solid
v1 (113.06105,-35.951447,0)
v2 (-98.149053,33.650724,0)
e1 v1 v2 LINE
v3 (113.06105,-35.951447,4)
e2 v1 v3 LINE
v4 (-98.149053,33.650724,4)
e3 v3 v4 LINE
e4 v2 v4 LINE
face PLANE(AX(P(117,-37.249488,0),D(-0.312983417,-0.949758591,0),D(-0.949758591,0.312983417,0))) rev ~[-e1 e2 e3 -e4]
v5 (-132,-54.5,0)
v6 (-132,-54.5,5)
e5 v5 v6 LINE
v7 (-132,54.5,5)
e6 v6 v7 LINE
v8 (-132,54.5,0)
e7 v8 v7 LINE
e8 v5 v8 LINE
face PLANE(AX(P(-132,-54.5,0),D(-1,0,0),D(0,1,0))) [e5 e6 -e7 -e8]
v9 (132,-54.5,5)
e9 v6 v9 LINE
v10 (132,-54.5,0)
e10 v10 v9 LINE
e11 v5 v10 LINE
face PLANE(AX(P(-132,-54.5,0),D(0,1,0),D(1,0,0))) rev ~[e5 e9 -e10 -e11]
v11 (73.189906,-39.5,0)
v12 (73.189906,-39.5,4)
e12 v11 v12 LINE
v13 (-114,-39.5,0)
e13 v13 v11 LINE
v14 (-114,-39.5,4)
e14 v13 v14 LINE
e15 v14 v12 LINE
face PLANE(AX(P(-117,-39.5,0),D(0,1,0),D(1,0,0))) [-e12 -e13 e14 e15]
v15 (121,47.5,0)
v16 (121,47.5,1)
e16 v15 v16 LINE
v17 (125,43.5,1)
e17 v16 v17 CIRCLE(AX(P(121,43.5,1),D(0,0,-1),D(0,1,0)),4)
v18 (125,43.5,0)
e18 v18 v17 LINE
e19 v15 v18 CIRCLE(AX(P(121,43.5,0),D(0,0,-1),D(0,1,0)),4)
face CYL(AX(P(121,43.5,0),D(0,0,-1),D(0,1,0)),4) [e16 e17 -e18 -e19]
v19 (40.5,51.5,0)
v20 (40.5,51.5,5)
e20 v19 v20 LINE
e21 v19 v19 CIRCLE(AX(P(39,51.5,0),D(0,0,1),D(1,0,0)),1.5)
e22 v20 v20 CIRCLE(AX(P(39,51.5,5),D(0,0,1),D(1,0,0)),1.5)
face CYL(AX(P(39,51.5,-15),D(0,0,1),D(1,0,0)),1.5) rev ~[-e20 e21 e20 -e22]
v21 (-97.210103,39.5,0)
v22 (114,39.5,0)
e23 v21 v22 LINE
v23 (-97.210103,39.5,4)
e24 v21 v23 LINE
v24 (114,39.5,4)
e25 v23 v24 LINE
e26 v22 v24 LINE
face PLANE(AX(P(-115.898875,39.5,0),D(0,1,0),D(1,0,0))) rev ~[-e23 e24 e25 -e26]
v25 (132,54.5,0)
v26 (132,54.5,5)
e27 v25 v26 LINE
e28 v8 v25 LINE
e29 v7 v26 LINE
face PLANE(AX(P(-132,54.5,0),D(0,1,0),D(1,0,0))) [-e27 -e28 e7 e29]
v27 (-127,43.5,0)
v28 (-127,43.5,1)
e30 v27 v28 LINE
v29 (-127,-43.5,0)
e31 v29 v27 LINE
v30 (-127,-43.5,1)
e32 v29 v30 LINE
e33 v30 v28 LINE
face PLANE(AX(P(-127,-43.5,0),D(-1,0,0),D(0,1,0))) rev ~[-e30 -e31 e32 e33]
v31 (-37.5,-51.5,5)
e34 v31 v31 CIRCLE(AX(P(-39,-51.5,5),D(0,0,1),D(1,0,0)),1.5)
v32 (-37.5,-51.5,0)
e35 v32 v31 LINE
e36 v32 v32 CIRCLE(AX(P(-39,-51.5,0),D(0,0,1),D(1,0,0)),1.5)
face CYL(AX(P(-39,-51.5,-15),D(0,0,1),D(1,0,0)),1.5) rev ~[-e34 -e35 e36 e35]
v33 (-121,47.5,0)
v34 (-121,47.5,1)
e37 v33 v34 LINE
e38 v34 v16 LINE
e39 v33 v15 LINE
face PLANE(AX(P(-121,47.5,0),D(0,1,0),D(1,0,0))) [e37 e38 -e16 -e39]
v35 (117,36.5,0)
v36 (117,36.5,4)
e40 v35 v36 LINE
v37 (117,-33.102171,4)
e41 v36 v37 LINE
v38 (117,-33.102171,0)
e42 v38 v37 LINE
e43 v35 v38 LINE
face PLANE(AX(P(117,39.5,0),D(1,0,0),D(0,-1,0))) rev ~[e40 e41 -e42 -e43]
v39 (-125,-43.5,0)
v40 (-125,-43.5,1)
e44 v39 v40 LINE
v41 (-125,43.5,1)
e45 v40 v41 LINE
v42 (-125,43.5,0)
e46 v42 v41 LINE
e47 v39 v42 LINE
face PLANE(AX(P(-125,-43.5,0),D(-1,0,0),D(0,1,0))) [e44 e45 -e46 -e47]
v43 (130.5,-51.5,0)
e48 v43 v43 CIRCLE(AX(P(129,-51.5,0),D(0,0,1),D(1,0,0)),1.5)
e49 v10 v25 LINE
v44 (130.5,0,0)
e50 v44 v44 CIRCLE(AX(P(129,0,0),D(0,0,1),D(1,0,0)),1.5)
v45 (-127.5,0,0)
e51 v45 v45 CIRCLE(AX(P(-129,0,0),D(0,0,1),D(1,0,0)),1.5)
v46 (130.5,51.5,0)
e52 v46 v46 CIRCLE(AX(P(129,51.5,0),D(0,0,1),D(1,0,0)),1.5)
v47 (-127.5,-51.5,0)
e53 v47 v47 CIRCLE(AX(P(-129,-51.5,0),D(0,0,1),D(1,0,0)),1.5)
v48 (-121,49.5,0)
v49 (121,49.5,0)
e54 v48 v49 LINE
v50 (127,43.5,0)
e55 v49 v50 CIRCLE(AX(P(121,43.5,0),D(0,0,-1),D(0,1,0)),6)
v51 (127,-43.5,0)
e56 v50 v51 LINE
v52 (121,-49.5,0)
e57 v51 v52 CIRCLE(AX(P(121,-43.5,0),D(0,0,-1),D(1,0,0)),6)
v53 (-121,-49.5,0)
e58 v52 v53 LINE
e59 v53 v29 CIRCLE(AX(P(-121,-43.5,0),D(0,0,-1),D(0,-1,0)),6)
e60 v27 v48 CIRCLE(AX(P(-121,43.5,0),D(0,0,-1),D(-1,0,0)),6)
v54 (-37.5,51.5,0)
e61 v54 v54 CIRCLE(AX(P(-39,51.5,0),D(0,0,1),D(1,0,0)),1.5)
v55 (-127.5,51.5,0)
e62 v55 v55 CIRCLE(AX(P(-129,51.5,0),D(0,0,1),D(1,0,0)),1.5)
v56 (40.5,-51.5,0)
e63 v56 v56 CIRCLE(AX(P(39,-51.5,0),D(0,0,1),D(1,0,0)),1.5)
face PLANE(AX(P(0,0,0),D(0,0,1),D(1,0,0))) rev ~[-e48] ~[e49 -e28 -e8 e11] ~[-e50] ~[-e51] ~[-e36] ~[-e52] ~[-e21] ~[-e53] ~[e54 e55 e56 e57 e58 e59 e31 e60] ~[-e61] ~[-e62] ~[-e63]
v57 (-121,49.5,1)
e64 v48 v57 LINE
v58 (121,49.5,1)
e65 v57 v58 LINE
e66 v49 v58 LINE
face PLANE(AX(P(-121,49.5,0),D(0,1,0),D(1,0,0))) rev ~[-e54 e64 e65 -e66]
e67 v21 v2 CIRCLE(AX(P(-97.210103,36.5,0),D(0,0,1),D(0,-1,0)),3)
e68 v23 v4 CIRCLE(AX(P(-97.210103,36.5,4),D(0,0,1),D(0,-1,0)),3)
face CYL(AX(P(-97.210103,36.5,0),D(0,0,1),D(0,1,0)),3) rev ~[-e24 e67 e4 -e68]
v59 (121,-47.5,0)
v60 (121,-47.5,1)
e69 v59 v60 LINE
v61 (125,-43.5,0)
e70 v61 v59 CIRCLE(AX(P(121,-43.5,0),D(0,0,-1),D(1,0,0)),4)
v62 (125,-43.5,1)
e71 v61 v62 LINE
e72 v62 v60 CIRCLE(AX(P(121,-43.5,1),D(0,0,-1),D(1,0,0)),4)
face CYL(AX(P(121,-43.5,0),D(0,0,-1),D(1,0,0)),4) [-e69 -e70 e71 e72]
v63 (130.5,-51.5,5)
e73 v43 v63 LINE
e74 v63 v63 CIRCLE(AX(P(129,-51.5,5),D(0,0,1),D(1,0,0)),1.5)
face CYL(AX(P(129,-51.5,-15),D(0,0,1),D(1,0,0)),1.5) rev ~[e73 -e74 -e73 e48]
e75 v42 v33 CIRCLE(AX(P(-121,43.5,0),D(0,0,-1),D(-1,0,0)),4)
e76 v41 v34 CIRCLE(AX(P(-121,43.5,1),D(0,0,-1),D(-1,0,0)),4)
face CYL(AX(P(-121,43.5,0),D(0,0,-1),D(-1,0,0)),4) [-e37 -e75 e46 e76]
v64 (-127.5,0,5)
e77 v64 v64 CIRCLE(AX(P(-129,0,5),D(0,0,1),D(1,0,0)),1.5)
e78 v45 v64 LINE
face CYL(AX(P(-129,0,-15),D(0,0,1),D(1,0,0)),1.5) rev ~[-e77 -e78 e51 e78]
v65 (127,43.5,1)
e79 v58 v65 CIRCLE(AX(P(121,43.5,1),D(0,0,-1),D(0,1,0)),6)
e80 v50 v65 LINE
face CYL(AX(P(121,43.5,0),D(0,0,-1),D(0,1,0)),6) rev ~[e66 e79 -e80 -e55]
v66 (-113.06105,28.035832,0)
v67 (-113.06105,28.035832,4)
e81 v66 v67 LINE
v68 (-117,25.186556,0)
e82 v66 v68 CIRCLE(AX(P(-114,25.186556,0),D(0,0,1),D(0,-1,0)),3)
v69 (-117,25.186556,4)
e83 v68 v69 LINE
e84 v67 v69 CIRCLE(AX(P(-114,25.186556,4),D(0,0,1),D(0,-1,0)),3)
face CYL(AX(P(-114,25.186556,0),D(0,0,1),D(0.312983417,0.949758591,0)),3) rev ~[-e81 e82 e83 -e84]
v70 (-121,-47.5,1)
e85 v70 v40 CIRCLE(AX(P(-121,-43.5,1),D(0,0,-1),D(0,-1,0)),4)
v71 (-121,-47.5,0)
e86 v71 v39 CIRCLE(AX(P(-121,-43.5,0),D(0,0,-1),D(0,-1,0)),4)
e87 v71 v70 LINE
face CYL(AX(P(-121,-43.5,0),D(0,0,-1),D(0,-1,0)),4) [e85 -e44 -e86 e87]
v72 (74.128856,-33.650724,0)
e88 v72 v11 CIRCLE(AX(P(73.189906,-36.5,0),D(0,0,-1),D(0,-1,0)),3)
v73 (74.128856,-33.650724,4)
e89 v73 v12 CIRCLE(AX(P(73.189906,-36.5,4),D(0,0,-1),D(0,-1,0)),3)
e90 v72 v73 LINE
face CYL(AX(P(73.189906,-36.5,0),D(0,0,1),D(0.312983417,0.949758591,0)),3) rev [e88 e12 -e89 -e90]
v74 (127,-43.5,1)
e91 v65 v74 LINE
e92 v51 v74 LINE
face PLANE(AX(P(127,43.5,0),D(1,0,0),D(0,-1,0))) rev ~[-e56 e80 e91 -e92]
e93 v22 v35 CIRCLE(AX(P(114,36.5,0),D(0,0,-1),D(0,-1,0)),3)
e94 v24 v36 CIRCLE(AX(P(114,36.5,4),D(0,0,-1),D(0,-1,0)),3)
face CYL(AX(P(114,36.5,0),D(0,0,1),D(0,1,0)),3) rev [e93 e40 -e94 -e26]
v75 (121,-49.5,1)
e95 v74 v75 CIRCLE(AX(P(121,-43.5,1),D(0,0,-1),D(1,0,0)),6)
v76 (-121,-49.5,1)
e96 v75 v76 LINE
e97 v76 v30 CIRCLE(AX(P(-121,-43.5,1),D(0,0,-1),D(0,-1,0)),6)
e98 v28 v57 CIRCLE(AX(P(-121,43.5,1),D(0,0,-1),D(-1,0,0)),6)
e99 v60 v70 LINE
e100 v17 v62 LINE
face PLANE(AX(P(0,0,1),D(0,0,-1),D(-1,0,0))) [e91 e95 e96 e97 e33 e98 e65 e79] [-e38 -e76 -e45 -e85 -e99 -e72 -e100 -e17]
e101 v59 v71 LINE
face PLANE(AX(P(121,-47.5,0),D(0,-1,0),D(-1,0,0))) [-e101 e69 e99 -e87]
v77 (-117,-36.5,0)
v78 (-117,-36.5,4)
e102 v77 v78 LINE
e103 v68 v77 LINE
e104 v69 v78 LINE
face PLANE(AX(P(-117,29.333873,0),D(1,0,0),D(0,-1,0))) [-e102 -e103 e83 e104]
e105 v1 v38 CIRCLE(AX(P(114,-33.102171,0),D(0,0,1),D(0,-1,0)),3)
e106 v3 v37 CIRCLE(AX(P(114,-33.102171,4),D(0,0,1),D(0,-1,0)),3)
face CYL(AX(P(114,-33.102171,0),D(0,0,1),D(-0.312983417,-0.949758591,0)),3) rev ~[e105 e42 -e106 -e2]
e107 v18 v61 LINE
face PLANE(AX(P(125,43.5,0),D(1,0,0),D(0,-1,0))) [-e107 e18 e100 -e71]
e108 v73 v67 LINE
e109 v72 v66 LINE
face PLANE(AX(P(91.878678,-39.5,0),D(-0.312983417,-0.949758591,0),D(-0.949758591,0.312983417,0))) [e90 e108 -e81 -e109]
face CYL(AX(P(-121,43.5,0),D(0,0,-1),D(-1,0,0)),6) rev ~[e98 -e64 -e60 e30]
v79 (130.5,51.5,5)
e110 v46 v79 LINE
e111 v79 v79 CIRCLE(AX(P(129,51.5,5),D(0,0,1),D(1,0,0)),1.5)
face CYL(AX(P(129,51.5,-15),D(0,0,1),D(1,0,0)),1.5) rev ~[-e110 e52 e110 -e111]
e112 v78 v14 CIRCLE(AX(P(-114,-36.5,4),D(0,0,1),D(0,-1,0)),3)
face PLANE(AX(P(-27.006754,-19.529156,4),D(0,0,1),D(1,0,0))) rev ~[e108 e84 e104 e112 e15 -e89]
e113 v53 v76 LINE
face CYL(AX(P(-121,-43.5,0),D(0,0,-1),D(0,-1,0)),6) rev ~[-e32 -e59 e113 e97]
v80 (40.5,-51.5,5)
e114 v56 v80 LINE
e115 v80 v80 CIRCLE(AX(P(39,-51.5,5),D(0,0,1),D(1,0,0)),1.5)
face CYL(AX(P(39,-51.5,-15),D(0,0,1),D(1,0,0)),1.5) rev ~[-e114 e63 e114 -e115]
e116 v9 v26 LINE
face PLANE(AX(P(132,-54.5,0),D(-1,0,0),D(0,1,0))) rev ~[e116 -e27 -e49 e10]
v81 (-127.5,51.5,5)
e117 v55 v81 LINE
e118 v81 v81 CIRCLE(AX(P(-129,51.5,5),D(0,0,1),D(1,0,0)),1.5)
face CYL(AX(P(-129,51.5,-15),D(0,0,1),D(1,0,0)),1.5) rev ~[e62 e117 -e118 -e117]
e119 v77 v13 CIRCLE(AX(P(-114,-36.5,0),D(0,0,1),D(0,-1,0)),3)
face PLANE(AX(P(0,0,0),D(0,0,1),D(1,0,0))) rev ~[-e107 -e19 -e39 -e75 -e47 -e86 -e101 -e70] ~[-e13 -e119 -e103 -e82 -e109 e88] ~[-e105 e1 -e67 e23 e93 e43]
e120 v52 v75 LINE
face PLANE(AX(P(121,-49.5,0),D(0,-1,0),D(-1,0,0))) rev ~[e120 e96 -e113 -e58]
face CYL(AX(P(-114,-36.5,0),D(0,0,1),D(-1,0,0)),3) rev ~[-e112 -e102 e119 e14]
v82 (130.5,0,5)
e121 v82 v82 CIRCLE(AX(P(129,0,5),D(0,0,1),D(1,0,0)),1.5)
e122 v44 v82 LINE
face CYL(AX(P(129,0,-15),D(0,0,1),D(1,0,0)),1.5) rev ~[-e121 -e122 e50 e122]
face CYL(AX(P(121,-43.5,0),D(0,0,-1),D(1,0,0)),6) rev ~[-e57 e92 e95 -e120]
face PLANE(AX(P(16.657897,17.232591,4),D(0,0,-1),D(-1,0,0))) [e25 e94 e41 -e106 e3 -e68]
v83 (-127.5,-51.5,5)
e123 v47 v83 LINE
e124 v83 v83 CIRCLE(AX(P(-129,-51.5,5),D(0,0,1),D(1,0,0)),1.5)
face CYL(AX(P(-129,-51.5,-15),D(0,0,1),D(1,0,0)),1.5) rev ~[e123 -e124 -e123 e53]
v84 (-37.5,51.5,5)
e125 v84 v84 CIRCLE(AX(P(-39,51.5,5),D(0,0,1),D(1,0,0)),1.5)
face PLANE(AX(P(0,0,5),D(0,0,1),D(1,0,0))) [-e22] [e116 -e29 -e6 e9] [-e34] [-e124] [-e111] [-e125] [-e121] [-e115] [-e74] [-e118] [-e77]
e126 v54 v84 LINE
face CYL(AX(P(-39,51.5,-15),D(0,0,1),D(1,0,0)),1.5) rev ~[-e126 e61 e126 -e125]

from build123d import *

# Parameters (mm, degrees)
SKETCH1_W                 = 264
SKETCH1_H                 = 109
BOSS_EXTRUDE1_DEPTH       = 5
CUT_EXTRUDE1_DEPTH        = 1
CUT_EXTRUDE2_DEPTH        = 4
FILLET1_R                 = 3
F_3_0MM_DOWEL_HOLE1_D     = 3
F_3_0MM_DOWEL_HOLE1_DEPTH = 15
F_3_0MM_DOWEL_HOLE1_TIP   = 0.901290929


with BuildPart() as part:
    # Sketch1 → Boss-Extrude1 (new body)
    with BuildSketch(Plane.XY):
        Rectangle(SKETCH1_W, SKETCH1_H)
    extrude(amount=BOSS_EXTRUDE1_DEPTH)

    # Sketch2 → Cut-Extrude1 (cut)
    with BuildSketch(Plane(origin=(0, 0, 0), x_dir=(-1, 0, 0), z_dir=(0, 0, -1))):
        with BuildLine():
            Line((121, 49.5), (-121, 49.5))
            ThreePointArc((-121, 49.5), (-125.242640687, 47.742640687), (-127, 43.5))
            Line((-127, 43.5), (-127, -43.5))
            ThreePointArc((-127, -43.5), (-125.242640687, -47.742640687), (-121, -49.5))
            Line((-121, -49.5), (121, -49.5))
            ThreePointArc((121, -49.5), (125.242640687, -47.742640687), (127, -43.5))
            Line((127, -43.5), (127, 43.5))
            ThreePointArc((127, 43.5), (125.242640687, 47.742640687), (121, 49.5))
        make_face()
        with BuildLine():
            Line((121, 47.5), (-121, 47.5))
            ThreePointArc((-121, 47.5), (-123.828427125, 46.328427125), (-125, 43.5))
            Line((-125, 43.5), (-125, -43.5))
            ThreePointArc((-125, -43.5), (-123.828427125, -46.328427125), (-121, -47.5))
            Line((-121, -47.5), (121, -47.5))
            ThreePointArc((121, -47.5), (123.828427125, -46.328427125), (125, -43.5))
            Line((125, -43.5), (125, 43.5))
            ThreePointArc((125, 43.5), (123.828427125, 46.328427125), (121, 47.5))
        make_face(mode=Mode.SUBTRACT)
    extrude(amount=-CUT_EXTRUDE1_DEPTH, mode=Mode.SUBTRACT)

    # Sketch3 → Cut-Extrude2 (cut)
    with BuildSketch(Plane(origin=(0, 0, 0), x_dir=(-1, 0, 0), z_dir=(0, 0, -1))):
        Polygon((-117, 39.5), (-117, -37.249488302), (115.898875272, 39.5), align=None)
        Polygon((-91.878678072, -39.5), (117, 29.333873245), (117, -39.5), align=None)
    extrude(amount=-CUT_EXTRUDE2_DEPTH, mode=Mode.SUBTRACT)

    # Fillet1
    fillet1_edges = [part.edges().sort_by_distance(p)[0] for p in [
        (117, 39.5, 2),
        (-115.898875272, 39.5, 2),
        (117, -37.249488302, 2),
        (-117, -39.5, 2),
        (91.878678072, -39.5, 2),
        (-117, 29.333873245, 2),
    ]]
    fillet(fillet1_edges, radius=FILLET1_R)

    # Ø3.0mm Dowel Hole1
    with Locations(Plane(origin=(0, 0, 0), x_dir=(-1, 0, 0), z_dir=(0, 0, -1))):
        with Locations((-129, -51.5), (-129, 51.5), (129, 51.5), (129, -51.5), (-39, -51.5), (39, -51.5), (39, 51.5), (-39, 51.5), (129, 0), (-129, 0)):
            Hole(F_3_0MM_DOWEL_HOLE1_D / 2, depth=F_3_0MM_DOWEL_HOLE1_DEPTH)
            with Locations((0, 0, -(F_3_0MM_DOWEL_HOLE1_DEPTH + F_3_0MM_DOWEL_HOLE1_TIP / 2))):  # 118° drill point
                Cone(0, F_3_0MM_DOWEL_HOLE1_D / 2, F_3_0MM_DOWEL_HOLE1_TIP, mode=Mode.SUBTRACT)


solid = part.part
